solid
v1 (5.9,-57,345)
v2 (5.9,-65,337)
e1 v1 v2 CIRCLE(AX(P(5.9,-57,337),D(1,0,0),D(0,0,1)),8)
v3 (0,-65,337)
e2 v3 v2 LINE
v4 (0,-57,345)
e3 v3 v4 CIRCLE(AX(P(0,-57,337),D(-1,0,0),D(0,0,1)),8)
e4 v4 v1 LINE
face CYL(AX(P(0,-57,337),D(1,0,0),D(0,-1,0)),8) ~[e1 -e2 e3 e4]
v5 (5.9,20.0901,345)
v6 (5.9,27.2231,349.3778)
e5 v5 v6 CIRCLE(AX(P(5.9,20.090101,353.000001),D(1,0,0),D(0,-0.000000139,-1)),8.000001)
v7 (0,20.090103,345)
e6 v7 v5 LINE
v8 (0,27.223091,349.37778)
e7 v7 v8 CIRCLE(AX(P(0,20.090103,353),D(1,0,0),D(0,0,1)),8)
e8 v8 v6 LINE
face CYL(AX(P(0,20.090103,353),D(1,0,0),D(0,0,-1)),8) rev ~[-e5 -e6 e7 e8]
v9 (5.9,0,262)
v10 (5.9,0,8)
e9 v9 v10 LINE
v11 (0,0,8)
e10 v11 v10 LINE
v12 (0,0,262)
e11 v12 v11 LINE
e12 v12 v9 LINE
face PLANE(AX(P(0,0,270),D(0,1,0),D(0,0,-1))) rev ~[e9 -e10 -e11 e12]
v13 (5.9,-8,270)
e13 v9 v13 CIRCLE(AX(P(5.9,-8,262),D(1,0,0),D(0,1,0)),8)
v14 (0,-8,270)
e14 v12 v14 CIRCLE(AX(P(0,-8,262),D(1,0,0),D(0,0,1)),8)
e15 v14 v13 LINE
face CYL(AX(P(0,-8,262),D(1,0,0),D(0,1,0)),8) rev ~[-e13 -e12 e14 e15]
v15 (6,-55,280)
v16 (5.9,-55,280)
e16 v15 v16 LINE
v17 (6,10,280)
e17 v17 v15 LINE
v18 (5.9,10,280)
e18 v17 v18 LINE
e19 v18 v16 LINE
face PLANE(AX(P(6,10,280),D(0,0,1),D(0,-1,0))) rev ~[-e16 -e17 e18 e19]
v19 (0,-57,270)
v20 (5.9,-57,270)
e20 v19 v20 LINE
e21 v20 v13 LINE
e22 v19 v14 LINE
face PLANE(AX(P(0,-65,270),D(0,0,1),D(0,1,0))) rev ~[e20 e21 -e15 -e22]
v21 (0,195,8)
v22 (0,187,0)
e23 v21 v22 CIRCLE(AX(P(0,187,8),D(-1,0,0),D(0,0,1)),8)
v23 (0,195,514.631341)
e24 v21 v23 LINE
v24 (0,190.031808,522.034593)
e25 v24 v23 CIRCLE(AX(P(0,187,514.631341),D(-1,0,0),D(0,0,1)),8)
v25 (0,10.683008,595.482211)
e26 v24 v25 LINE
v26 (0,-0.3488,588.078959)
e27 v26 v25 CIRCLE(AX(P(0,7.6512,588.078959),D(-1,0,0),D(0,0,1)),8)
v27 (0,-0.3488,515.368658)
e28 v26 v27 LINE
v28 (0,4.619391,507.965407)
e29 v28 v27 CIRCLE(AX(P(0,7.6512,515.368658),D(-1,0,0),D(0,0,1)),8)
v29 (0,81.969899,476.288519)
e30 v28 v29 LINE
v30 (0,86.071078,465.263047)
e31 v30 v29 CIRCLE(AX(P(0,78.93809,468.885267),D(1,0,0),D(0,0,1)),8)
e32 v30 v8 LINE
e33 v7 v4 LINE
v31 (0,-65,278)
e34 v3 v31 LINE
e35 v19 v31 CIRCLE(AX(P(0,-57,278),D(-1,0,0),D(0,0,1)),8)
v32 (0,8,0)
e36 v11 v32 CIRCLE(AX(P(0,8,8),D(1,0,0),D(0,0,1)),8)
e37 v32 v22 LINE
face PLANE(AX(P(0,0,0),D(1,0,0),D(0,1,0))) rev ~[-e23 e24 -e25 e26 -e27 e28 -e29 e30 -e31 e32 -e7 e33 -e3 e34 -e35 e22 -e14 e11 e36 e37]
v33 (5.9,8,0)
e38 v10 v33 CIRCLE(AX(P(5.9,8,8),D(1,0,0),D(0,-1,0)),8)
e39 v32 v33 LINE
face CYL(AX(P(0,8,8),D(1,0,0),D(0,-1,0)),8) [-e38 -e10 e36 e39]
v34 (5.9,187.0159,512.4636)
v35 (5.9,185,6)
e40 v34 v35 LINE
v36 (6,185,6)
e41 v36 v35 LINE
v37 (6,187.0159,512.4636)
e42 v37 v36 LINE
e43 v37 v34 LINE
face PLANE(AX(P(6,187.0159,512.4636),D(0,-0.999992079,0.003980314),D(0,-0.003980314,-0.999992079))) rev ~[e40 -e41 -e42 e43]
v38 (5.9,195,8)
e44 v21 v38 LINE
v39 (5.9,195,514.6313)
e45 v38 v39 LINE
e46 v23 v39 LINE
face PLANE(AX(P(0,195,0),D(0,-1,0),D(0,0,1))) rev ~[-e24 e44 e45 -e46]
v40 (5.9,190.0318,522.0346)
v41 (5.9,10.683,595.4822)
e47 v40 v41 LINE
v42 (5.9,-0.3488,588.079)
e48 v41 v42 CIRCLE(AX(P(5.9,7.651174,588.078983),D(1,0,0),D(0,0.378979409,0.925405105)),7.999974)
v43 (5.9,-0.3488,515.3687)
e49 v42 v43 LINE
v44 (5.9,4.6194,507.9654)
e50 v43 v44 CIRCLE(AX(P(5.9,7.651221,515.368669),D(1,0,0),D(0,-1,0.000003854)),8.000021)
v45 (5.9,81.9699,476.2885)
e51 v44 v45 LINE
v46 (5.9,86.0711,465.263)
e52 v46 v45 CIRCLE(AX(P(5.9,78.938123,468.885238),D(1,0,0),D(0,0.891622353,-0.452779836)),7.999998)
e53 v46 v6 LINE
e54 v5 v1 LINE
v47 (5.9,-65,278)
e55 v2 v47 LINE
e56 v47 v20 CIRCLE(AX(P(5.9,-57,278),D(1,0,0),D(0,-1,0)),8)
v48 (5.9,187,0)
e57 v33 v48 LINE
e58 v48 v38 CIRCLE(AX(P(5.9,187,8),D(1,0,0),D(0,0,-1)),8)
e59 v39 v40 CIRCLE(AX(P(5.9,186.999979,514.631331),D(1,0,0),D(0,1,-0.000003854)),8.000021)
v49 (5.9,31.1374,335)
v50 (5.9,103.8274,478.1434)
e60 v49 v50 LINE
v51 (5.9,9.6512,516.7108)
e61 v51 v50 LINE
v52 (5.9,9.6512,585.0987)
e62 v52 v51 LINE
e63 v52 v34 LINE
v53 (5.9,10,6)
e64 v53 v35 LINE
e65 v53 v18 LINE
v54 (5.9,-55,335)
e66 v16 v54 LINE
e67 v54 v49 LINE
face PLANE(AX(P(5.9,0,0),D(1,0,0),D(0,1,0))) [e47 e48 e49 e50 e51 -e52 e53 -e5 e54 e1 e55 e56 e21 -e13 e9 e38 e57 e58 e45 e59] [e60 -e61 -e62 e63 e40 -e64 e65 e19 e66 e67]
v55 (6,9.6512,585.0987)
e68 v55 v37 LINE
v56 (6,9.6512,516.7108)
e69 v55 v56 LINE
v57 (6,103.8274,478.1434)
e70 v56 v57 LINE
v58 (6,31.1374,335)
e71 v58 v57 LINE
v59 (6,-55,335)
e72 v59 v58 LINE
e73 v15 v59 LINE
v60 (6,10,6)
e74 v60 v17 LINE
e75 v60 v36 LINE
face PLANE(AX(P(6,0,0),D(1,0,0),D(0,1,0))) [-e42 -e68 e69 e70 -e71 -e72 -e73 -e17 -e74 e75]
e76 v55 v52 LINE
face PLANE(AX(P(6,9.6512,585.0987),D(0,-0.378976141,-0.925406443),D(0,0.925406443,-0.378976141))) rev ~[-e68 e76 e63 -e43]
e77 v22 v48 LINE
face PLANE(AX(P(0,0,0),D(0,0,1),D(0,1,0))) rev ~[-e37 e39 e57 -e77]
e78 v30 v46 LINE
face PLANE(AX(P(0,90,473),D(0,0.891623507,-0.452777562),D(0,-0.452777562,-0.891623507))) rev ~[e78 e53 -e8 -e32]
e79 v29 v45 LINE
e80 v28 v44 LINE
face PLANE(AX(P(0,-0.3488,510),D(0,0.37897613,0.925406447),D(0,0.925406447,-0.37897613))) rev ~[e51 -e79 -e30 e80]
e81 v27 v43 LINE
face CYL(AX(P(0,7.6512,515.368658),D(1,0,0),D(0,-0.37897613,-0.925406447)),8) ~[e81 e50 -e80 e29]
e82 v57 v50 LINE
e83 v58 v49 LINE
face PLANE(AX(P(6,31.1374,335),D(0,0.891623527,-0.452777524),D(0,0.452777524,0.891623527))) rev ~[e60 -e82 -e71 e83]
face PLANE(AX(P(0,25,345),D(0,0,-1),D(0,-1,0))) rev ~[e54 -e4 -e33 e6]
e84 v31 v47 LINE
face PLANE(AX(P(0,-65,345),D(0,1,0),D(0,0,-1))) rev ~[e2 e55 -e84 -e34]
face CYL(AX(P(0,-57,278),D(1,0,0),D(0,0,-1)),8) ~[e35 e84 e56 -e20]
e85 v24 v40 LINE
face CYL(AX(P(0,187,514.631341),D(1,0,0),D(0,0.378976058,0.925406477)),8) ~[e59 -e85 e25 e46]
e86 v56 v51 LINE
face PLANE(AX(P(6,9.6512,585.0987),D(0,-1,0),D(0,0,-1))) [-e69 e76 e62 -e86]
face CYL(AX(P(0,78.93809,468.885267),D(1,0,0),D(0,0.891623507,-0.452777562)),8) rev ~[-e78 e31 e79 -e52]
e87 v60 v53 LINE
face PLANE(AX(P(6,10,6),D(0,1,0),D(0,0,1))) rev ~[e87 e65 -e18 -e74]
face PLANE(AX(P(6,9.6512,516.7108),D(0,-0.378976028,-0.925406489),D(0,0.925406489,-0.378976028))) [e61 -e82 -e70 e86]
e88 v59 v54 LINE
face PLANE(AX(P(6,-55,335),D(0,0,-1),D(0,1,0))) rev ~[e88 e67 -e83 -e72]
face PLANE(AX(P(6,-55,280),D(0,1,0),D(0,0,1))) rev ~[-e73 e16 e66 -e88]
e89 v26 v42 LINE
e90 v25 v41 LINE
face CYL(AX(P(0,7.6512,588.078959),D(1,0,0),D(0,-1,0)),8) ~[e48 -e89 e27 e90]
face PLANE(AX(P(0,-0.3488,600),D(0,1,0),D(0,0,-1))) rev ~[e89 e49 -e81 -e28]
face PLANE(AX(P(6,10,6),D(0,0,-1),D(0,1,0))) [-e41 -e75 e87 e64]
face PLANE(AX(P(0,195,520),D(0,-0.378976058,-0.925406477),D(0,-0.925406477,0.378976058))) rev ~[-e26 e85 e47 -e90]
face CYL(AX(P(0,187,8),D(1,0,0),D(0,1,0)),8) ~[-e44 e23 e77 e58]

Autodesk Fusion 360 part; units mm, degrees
sketch "Side Panel" plane through (0, 0, 0) normal (1, 0, 0) x (0, 1, 0)
  line L0 (0, 0) -> (195, 0)
  line L1 (195, 0) -> (195, 520)
  line L2 (195, 520) -> (-0.3488, 600)
  line L3 (-0.3488, 600) -> (-0.3488, 510)
  line L4 (-0.3488, 510) -> (90, 473)
  line L5 (90, 473) -> (25, 345)
  line L6 (25, 345) -> (-65, 345)
  line L7 (-65, 345) -> (-65, 270)
  line L8 (-65, 270) -> (0, 270)
  line L9 (0, 270) -> (0, 0)
  dimension "d7" = 600
  dimension "d10" = 195
  dimension "d12" = 520
  dimension "d14" = 90
  dimension "d16" = 105
  dimension "d18" = 270
  dimension "d20" = 75
  dimension "d22" = 37
  dimension "d27" = 260
  dimension "d28" = 90
  dimension "d31" = 345
extrude "Extrude1" add sketch "Side Panel" along normal blind 6
fillet "Fillet1" radius 8 10 edges at (3, -65, 345) (3, 25, 345) (3, 90, 473) (3, -0.3488, 510) (3, -0.3488, 600) (3, 195, 520) (3, -65, 270) (3, 0, 270) (3, 0, 0) (3, 195, 0)
sketch "Paint border" plane through (6, 0, 0) normal (1, 0, 0) x (0, 1, 0)
  arc A0 (187, 0) -> (195, 8) centre (187, 8) ccw
  line L0 (195, 8) -> (195, 514.6313)
  arc A1 (195, 514.6313) -> (190.0318, 522.0346) centre (187, 514.6313) ccw
  line L1 (190.0318, 522.0346) -> (10.683, 595.4822)
  arc A2 (10.683, 595.4822) -> (-0.3488, 588.079) centre (7.6512, 588.079) ccw
  line L2 (-0.3488, 588.079) -> (-0.3488, 515.3687)
  arc A3 (-0.3488, 515.3687) -> (4.6194, 507.9654) centre (7.6512, 515.3687) ccw
  line L3 (4.6194, 507.9654) -> (81.9699, 476.2885)
  arc A4 (86.0711, 465.263) -> (81.9699, 476.2885) centre (78.9381, 468.8853) ccw
  line L4 (86.0711, 465.263) -> (27.2231, 349.3778)
  arc A5 (20.0901, 345) -> (27.2231, 349.3778) centre (20.0901, 353) ccw
  line L5 (20.0901, 345) -> (-57, 345)
  arc A6 (-57, 345) -> (-65, 337) centre (-57, 337) ccw
  line L6 (-65, 337) -> (-65, 278)
  arc A7 (-65, 278) -> (-57, 270) centre (-57, 278) ccw
  line L7 (-57, 270) -> (-8, 270)
  arc A8 (0, 262) -> (-8, 270) centre (-8, 262) ccw
  line L8 (0, 262) -> (0, 8)
  arc A9 (0, 8) -> (8, 0) centre (8, 8) ccw
  line L9 (8, 0) -> (187, 0)
  line L10 (10, 6) -> (185, 6)
  line L11 (10, 6) -> (10, 280)
  line L12 (10, 280) -> (-55, 280)
  line L13 (-55, 280) -> (-55, 335)
  line L14 (-55, 335) -> (31.1374, 335)
  line L15 (9.6512, 516.7108) -> (103.8274, 478.1434)
  line L16 (31.1374, 335) -> (103.8274, 478.1434)
  line L17 (187.0159, 512.4636) -> (185, 6)
  line L18 (9.6512, 585.0987) -> (187.0159, 512.4636)
  line L19 (9.6512, 585.0987) -> (9.6512, 516.7108)
  dimension "d32" = 6
  dimension "d33" = 10
  dimension "d34" = 10
  dimension "d35" = 10
  dimension "d36" = 10
  dimension "d37" = 10
  dimension "d41" = 10
  dimension "d42" = 10
  dimension "d43" = 10
  dimension "d44" = 10
extrude "Extrude2" cut sketch "Paint border" against normal blind 0.1
equation "MDFThickness = 6 mm" comment "Thickness of the MDF board"
equation "filletRadius = 8 mm" comment "Radius of all of the fillets on the side panel"
equation "d3 = MDFThickness"
equation "d6 = filletRadius"
equation "d7 = totaHeight"
equation "totaHeight = 600 mm" comment "Total height of the Smartie Sorrter"
equation "baseWidth = 195 mm" comment "Length of the bottom side of the side panel"
equation "d10 = baseWidth"
equation "backHight = 520 mm" comment "Height of the back side of the side panel"
equation "d12 = backHight"
equation "namePanelHeight = 90 mm" comment "Height of the top section containing the name panel"
equation "d14 = namePanelHeight"
equation "neckWidth = 105 mm" comment "Width of the neck between the bottom and top section"
equation "d16 = neckWidth"
equation "bottomFrontHeight = 270 mm" comment "Height of the bottom front section"
equation "d18 = bottomFrontHeight"
equation "controlPanelHeight = 75 mm" comment "Height of the control panel on the front"
equation "d20 = controlPanelHeight"
equation "namePanelFrontDipHeight = 37 mm" comment "Dip height on the front side below the name panel"
equation "d22 = namePanelFrontDipHeight"
equation "controlPanelTopWidth = 90 mm" comment "Top width of the control panel from the front to the viewing area"
equation "controlPanelTotalWidth = 260 mm" comment "Total width of the control panel area from the front to the back"
equation "d27 = controlPanelTotalWidth"
equation "d28 = controlPanelTopWidth"
equation "d31 = bottomFrontHeight + controlPanelHeight"
